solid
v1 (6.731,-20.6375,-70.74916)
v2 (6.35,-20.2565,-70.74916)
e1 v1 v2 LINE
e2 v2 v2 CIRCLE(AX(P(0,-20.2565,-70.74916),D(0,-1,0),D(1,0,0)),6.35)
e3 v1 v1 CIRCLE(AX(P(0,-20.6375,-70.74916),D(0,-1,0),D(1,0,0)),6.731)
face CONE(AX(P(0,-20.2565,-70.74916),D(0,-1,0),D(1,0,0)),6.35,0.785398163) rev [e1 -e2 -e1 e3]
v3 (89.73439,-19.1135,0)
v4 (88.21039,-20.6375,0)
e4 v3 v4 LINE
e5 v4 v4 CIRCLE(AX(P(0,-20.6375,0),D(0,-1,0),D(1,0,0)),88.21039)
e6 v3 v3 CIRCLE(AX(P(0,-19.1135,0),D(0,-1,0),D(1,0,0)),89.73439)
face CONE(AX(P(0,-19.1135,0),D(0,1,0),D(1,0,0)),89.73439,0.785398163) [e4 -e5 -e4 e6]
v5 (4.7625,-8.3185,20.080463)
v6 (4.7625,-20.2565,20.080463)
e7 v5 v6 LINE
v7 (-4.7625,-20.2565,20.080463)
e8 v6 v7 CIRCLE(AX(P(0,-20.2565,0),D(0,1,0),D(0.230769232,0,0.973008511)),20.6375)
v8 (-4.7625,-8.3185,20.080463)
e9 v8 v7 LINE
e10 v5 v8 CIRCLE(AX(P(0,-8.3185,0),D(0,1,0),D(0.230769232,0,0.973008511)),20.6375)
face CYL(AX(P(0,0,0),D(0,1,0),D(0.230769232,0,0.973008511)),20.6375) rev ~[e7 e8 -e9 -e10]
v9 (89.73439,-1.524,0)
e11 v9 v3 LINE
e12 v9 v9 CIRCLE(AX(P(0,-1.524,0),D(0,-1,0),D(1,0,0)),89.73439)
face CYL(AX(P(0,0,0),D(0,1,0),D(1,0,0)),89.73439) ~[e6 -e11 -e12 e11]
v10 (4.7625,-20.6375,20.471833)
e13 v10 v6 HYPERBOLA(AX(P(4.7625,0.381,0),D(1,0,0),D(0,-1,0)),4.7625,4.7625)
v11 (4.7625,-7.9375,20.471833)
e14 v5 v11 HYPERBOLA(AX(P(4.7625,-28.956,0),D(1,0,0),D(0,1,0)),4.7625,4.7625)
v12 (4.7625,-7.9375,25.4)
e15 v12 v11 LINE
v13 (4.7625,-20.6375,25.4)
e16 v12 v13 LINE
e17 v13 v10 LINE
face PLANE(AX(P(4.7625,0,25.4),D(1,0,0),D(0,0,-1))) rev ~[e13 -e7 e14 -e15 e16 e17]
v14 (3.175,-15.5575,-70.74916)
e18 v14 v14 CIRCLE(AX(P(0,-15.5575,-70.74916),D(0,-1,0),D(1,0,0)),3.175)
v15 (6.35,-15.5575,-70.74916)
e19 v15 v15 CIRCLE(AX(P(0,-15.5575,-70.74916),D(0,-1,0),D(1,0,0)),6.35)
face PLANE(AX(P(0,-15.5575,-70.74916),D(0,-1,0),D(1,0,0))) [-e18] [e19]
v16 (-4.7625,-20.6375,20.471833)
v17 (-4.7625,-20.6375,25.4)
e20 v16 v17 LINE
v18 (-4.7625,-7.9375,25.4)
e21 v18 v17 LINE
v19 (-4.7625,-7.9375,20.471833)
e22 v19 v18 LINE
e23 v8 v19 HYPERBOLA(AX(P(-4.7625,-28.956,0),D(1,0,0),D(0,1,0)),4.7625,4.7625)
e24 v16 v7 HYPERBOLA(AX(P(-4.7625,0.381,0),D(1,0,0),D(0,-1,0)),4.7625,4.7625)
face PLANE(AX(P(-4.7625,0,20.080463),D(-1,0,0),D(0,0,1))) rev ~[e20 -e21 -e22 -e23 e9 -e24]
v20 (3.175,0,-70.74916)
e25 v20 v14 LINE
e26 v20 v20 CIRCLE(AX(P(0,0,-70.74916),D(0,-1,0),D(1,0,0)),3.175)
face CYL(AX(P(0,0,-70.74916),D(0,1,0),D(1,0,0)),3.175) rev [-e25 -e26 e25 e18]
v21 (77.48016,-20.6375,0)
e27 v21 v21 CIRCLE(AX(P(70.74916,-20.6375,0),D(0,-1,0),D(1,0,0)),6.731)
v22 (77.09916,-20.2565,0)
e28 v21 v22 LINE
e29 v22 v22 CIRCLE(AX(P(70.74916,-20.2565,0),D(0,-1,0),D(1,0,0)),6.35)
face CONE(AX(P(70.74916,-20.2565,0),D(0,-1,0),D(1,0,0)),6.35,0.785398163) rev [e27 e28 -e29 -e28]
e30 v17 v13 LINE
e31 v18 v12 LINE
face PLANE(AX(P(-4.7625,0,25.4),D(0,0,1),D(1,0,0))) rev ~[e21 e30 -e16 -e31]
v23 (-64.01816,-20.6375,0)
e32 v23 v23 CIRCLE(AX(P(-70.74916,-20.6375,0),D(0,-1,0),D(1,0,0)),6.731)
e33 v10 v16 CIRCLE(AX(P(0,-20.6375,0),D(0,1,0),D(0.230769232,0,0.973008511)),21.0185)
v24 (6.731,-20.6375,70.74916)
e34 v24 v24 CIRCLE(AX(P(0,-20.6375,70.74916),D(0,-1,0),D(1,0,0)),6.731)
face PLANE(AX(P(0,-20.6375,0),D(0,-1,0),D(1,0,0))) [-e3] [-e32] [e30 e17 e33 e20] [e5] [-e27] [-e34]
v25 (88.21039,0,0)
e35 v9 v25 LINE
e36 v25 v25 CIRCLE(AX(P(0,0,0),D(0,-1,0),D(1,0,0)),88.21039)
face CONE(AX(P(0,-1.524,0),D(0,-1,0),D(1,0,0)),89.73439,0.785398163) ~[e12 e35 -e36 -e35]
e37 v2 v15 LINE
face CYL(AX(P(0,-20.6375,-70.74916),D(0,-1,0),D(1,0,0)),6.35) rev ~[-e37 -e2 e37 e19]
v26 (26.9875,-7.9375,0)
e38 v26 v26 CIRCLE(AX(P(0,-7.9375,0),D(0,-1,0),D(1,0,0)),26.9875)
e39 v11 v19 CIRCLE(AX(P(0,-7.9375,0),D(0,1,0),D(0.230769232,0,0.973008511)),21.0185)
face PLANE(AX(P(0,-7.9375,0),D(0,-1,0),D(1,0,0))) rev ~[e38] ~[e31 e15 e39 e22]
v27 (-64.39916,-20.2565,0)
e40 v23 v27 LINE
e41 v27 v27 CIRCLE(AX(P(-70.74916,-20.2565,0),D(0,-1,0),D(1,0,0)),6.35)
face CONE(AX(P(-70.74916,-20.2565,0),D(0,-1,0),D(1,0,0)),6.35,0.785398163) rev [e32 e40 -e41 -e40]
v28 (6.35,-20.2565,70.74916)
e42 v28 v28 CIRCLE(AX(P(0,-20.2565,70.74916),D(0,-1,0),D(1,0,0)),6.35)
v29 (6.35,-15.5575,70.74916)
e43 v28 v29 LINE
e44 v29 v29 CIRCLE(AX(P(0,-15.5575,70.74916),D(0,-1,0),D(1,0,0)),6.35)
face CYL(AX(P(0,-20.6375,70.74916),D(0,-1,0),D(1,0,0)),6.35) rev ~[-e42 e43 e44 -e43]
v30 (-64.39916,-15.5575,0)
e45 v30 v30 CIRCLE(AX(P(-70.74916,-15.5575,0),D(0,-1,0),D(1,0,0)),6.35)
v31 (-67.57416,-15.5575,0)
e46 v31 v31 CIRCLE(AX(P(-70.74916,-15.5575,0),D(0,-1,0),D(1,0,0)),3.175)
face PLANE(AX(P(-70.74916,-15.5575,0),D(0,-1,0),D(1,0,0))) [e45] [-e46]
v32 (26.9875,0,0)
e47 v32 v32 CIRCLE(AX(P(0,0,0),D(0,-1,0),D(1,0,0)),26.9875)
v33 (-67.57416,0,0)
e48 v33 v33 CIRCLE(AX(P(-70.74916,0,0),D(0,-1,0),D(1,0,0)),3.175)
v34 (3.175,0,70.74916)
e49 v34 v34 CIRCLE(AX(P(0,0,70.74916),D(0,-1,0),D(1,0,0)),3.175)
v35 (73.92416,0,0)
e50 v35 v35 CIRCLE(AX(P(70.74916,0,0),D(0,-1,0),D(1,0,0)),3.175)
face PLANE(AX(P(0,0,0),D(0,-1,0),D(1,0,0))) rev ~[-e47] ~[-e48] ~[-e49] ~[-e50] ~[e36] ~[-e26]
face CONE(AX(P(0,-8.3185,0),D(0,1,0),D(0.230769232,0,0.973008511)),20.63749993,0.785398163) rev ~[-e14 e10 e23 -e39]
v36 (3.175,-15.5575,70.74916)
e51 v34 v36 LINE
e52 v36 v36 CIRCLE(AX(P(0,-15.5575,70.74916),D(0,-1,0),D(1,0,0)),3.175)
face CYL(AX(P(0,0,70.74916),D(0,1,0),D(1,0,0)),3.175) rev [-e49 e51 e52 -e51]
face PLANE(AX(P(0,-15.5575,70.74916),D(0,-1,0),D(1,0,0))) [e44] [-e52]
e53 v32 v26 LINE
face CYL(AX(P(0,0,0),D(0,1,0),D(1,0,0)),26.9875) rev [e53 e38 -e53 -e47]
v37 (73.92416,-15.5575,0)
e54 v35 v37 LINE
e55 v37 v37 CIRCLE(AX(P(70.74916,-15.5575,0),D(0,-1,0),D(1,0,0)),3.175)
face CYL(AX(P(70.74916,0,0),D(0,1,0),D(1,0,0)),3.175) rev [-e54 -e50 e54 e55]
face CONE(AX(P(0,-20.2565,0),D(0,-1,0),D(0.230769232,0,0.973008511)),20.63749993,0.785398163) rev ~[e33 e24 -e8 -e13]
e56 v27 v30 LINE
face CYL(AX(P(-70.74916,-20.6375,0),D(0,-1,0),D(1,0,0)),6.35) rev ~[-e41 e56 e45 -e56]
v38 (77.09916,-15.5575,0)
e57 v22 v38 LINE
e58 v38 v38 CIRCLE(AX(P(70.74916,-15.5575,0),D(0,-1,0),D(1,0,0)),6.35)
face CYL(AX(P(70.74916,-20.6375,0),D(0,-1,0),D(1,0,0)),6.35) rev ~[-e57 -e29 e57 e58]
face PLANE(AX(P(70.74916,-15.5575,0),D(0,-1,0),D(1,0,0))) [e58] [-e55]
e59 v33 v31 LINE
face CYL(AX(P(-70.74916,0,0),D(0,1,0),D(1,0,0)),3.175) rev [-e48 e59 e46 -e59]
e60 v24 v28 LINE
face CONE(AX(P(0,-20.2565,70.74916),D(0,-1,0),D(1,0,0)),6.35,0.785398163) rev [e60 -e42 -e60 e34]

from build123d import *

# Parameters (mm, degrees)
F0_R     = 89.73439
F0_R_2   = 3.175
F0_R_3   = 26.9875
F1_DEPTH = 20.6375
F2_DEPTH = 7.9375
F3_R     = 6.35
F3_R_2   = 3.175
F4_DEPTH = 5.08
F5_SIZE  = 1.524
F6_SIZE  = 0.381


with BuildPart() as f1:
    # F0 (on Front) → F1 (new body)
    with BuildSketch(Plane.XZ):
        Circle(F0_R)
        with Locations((0, -70.74916)):
            Circle(F0_R_2, mode=Mode.SUBTRACT)
        with Locations((-70.74916, 0)):
            Circle(F0_R_2, mode=Mode.SUBTRACT)
        Circle(F0_R_3, mode=Mode.SUBTRACT)
        with Locations((70.74916, 0)):
            Circle(F0_R_2, mode=Mode.SUBTRACT)
        with Locations((0, 70.74916)):
            Circle(F0_R_2, mode=Mode.SUBTRACT)
        Circle(F0_R_3)
        with BuildLine():
            ThreePointArc((4.7625, 20.080463), (0, -20.6375), (-4.7625, 20.080463))
            Line((-4.7625, 20.080463), (-4.7625, 25.4))
            Line((-4.7625, 25.4), (4.7625, 25.4))
            Line((4.7625, 25.4), (4.7625, 20.080463))
        make_face(mode=Mode.SUBTRACT)
    extrude(amount=F1_DEPTH)

    # F0 (on Front) → F2 (cut)
    with BuildSketch(Plane.XZ):
        Circle(F0_R_3)
        with BuildLine():
            ThreePointArc((4.7625, 20.080463), (0, -20.6375), (-4.7625, 20.080463))
            Line((-4.7625, 20.080463), (-4.7625, 25.4))
            Line((-4.7625, 25.4), (4.7625, 25.4))
            Line((4.7625, 25.4), (4.7625, 20.080463))
        make_face(mode=Mode.SUBTRACT)
    extrude(amount=F2_DEPTH, mode=Mode.SUBTRACT)

    # F3 (on face) → F4 (cut)
    with BuildSketch(Plane.XZ.offset(20.6375)):
        with Locations((0, 70.74916)):
            Circle(F3_R)
        with Locations((0, 70.74916)):
            Circle(F3_R_2, mode=Mode.SUBTRACT)
        with Locations((-70.74916, 0)):
            Circle(F3_R)
        with Locations((-70.74916, 0)):
            Circle(F3_R_2, mode=Mode.SUBTRACT)
        with Locations((0, -70.74916)):
            Circle(F3_R)
        with Locations((0, -70.74916)):
            Circle(F3_R_2, mode=Mode.SUBTRACT)
        with Locations((70.74916, 0)):
            Circle(F3_R)
        with Locations((70.74916, 0)):
            Circle(F3_R_2, mode=Mode.SUBTRACT)
    extrude(amount=-F4_DEPTH, mode=Mode.SUBTRACT)

    # F5
    f5_edges = [f1.edges().sort_by_distance(p)[0] for p in [
        (89.73439, -10.31875, 0),
        (-89.73439, 0, 0),
        (-89.73439, -20.6375, 0),
    ]]
    chamfer(f5_edges, length=F5_SIZE)

    # F6
    f6_edges = [f1.edges().sort_by_distance(p)[0] for p in [
        (0, -20.6375, -20.6375),
        (-77.09916, -20.6375, 0),
        (-6.35, -20.6375, 70.74916),
        (64.39916, -20.6375, 0),
        (-6.35, -20.6375, -70.74916),
        (0, -7.9375, -20.6375),
    ]]
    chamfer(f6_edges, length=F6_SIZE)


solid = f1.part
